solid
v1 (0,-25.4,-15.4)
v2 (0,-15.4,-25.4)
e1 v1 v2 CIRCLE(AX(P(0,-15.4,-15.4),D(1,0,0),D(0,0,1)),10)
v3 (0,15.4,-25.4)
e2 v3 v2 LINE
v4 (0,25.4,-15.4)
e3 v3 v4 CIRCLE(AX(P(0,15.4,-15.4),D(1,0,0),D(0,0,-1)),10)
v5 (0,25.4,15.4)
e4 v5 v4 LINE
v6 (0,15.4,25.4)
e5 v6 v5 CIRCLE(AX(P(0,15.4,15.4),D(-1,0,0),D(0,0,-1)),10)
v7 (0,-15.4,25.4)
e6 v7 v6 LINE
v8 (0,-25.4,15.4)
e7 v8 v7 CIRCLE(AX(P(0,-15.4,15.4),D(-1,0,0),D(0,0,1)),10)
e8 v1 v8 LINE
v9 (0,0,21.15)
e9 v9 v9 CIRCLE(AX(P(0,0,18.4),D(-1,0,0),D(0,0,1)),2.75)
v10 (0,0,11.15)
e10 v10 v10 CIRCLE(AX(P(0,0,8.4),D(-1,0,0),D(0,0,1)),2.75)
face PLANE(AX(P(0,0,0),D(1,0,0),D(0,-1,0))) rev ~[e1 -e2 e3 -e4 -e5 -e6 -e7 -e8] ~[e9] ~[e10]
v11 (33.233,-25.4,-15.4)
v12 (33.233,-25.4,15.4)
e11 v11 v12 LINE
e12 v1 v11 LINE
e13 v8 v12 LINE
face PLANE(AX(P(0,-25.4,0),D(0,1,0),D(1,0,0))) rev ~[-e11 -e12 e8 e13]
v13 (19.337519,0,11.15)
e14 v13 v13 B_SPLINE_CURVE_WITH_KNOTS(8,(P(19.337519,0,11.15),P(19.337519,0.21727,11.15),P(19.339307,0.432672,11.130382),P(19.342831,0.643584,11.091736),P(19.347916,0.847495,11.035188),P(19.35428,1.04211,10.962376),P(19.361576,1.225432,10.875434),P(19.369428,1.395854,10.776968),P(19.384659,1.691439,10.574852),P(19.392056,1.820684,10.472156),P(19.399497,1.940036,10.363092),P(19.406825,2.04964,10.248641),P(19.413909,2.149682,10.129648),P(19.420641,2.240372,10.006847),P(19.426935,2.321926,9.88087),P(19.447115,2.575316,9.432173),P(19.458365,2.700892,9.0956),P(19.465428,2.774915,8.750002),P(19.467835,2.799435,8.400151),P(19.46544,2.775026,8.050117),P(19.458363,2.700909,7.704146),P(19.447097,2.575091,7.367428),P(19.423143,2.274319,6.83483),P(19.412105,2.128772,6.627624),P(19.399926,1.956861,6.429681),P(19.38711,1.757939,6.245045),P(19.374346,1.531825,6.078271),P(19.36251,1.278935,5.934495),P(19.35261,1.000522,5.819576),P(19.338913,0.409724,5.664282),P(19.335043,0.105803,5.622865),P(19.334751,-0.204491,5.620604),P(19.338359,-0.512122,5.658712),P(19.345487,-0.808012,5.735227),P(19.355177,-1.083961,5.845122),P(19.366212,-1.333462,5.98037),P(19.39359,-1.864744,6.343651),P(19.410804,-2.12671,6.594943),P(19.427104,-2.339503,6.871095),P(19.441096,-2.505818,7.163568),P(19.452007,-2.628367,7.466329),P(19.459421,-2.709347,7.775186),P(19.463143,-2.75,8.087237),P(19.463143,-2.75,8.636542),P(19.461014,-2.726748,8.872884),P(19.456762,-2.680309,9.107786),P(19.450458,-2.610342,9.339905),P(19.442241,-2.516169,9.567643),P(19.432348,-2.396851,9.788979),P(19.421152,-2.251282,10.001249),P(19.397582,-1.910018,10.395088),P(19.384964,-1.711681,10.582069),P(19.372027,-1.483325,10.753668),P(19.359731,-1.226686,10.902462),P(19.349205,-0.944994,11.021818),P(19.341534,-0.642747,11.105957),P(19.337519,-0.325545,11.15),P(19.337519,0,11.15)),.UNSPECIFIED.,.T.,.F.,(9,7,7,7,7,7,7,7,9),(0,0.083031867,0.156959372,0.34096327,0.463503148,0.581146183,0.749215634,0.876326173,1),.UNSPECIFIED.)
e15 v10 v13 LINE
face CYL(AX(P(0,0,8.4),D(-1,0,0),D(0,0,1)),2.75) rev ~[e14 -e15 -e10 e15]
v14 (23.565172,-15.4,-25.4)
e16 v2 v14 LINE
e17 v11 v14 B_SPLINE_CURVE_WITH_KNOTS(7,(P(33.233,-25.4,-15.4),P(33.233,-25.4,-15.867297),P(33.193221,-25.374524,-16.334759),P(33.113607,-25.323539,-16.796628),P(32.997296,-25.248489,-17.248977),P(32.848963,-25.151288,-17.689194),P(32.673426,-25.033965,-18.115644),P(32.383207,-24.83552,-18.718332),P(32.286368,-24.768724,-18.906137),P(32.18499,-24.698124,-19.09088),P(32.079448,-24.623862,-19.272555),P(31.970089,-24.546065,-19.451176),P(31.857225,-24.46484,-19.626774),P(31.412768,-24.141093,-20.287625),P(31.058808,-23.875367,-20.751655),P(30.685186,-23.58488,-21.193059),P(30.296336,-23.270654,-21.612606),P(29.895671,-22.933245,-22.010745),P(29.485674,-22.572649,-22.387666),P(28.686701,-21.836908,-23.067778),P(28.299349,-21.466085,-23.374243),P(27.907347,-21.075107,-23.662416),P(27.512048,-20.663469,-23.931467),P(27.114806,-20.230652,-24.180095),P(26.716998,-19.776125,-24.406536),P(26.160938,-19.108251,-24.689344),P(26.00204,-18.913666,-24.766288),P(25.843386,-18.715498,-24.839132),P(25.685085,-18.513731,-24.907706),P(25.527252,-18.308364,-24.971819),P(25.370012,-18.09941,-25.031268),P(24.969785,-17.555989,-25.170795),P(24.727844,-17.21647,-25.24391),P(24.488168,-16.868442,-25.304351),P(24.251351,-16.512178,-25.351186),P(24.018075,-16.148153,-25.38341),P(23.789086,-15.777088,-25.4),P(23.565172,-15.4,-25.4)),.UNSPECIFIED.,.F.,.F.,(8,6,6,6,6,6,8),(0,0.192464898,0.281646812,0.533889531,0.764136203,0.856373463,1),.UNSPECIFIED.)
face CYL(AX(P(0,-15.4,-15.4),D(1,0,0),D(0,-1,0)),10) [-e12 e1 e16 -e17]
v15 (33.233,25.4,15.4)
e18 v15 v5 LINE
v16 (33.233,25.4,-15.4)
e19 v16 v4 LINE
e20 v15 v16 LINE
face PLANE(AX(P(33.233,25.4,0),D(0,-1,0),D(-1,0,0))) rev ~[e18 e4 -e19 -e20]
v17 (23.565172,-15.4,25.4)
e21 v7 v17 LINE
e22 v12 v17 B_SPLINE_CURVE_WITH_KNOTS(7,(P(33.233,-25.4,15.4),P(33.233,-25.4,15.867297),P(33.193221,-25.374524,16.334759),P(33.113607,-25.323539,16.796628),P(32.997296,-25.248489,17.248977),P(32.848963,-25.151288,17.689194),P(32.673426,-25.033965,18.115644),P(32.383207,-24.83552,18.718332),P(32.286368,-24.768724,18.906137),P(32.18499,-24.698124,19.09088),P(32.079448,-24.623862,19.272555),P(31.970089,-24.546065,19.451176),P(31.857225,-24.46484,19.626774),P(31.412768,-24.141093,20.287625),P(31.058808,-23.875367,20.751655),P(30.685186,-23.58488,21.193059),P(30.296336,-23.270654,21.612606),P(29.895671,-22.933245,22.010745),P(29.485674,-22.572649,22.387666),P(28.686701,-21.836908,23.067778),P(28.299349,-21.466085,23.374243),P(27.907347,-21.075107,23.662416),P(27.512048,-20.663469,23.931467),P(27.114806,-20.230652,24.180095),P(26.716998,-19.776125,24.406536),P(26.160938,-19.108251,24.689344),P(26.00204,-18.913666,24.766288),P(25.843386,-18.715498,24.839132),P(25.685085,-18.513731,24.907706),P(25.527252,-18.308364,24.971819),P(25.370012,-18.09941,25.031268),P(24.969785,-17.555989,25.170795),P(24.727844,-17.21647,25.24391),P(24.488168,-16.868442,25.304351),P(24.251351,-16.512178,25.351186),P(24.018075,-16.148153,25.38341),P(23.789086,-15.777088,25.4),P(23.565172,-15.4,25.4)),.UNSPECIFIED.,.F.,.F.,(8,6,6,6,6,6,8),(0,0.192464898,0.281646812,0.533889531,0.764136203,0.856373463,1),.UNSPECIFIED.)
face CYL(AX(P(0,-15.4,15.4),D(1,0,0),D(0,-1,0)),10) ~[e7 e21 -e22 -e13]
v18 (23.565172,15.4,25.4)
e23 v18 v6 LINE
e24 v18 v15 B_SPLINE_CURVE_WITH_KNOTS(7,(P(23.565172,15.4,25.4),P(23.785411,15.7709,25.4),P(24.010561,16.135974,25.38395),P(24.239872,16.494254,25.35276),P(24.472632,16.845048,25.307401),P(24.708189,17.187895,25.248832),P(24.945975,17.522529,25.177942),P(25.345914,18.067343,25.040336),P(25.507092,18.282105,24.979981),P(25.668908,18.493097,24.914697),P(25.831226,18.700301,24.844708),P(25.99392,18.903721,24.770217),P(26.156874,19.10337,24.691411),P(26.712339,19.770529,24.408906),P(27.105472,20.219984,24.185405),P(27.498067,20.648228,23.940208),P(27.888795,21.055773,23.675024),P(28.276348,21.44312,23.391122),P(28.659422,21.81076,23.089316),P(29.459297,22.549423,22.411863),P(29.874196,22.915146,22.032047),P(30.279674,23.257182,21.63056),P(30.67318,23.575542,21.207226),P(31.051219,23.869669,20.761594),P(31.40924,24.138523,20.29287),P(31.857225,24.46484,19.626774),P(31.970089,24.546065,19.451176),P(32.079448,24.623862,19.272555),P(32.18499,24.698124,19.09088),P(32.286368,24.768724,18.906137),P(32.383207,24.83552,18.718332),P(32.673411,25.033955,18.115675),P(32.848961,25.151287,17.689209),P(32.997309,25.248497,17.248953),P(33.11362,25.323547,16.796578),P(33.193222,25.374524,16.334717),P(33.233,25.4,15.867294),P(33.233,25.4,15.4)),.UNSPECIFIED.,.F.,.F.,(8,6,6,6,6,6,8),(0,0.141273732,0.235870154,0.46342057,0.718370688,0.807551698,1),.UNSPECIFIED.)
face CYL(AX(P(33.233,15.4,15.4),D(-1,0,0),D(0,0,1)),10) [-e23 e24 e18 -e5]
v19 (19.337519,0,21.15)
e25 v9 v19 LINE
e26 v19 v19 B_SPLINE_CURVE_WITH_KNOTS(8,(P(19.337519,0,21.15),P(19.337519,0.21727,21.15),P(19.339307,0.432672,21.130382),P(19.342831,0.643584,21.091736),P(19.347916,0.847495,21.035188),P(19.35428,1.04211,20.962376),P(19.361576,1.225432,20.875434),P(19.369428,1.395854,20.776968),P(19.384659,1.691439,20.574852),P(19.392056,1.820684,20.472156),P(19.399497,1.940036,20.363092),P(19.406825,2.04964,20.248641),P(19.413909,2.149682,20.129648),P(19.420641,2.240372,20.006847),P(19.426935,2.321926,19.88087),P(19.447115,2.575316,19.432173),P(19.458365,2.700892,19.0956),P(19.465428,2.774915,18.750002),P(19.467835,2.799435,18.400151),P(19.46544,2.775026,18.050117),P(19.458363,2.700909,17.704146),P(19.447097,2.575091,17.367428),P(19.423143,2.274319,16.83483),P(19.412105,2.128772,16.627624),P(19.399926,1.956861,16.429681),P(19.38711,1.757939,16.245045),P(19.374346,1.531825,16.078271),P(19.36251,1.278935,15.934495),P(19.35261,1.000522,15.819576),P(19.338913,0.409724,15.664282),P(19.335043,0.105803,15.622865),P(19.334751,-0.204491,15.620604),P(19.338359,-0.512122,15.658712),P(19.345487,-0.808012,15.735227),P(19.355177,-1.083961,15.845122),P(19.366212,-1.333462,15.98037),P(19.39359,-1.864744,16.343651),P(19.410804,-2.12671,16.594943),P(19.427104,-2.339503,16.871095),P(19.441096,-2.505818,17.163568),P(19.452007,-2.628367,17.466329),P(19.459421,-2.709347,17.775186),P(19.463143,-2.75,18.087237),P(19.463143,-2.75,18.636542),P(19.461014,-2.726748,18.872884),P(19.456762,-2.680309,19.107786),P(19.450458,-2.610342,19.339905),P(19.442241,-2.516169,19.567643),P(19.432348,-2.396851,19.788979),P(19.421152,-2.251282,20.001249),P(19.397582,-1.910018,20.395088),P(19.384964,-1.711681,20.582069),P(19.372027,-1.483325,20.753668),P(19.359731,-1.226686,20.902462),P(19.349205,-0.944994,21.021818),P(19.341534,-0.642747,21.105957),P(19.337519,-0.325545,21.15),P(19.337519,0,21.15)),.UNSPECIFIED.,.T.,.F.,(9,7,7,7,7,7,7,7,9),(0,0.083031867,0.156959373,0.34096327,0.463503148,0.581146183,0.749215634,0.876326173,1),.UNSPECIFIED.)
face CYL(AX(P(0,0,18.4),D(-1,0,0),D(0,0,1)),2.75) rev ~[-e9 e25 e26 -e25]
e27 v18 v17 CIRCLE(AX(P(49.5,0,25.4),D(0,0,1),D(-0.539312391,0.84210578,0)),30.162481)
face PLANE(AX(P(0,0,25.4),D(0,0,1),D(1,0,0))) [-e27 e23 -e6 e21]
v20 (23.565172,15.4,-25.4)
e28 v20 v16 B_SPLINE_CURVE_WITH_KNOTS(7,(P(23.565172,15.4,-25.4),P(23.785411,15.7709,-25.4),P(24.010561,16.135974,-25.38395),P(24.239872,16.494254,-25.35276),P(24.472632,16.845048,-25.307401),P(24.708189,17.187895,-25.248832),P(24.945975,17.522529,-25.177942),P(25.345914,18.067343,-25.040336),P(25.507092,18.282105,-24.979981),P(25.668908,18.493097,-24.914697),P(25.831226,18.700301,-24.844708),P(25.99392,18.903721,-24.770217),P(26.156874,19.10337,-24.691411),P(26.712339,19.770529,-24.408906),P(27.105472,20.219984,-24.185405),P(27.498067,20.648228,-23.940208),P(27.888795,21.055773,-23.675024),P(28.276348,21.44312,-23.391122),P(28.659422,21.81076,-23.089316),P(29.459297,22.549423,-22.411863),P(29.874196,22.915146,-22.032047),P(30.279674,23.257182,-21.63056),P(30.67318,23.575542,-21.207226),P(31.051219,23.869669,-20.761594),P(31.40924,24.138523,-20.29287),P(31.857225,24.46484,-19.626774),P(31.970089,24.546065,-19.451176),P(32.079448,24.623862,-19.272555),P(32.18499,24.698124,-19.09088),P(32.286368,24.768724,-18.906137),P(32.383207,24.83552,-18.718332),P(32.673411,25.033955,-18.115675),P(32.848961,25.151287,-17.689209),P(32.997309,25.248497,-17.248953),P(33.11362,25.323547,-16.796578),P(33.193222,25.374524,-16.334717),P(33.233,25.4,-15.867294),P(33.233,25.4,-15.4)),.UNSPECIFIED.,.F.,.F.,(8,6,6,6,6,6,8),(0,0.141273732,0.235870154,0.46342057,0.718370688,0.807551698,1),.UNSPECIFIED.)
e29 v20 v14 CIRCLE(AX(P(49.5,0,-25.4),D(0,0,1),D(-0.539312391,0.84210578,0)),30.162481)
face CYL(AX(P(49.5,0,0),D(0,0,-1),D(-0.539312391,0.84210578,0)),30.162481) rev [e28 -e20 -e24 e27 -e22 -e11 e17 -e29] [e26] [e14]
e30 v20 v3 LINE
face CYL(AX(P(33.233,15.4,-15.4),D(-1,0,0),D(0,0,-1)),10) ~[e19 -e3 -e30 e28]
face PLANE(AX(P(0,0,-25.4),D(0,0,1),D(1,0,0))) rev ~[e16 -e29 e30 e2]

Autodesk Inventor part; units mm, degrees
ref_plane "YZ Plane" through (0, 0, 0) normal (1, 0, 0) x (0, 1, 0)
ref_plane "XZ Plane" through (0, 0, 0) normal (0, 1, 0) x (-1, 0, 0)
ref_plane "XY Plane" through (0, 0, 0) normal (0, 0, 1) x (1, 0, 0)
sketch "Sketch1" plane through (0, 0, 0) normal (0, 0, 1) x (1, 0, 0)
  line L0 (0, -25.4) -> (33.233, -25.4)
  line L1 (33.233, 25.4) -> (0, 25.4)
  line L2 (0, 25.4) -> (0, -25.4)
  circle A0 centre (49.5, 0) radius 30.1625 construction
  line L3 (0, 0) -> (-12.014, 0)
  arc A1 (33.233, 25.4) -> (33.233, -25.4) centre (49.5, 0) ccw
  point P0 (0, 0)
  dimension "d0" = 60.325
  dimension "d1" = 49.5
  dimension "d2" = 50.8
extrude "Extrusion1" add sketch "Sketch1" along normal mid plane 50.8
sketch "Sketch2" plane through (0, -25.4, 25.4) normal (-1, 0, 0) x (0, 0, 1)
  circle A0 centre (-7, 25.4) radius 2.75
  circle A1 centre (-17, 25.4) radius 2.75
  line L0 (0, 50.8) -> (0, 0) projected
  point P0 (-25.4, 25.4)
  dimension "d8" = 5.5
  dimension "d9" = 7
  dimension "d10" = 10
extrude "Extrusion2" cut sketch "Sketch2" against normal through all
fillet "Fillet1" radius 10 4 edges at (16.6165, 25.4, 25.4) (16.6165, -25.4, 25.4) (16.6165, 25.4, -25.4) (16.6165, -25.4, -25.4)
properties part number "Pipe Holder" material "ABS Plastic"
